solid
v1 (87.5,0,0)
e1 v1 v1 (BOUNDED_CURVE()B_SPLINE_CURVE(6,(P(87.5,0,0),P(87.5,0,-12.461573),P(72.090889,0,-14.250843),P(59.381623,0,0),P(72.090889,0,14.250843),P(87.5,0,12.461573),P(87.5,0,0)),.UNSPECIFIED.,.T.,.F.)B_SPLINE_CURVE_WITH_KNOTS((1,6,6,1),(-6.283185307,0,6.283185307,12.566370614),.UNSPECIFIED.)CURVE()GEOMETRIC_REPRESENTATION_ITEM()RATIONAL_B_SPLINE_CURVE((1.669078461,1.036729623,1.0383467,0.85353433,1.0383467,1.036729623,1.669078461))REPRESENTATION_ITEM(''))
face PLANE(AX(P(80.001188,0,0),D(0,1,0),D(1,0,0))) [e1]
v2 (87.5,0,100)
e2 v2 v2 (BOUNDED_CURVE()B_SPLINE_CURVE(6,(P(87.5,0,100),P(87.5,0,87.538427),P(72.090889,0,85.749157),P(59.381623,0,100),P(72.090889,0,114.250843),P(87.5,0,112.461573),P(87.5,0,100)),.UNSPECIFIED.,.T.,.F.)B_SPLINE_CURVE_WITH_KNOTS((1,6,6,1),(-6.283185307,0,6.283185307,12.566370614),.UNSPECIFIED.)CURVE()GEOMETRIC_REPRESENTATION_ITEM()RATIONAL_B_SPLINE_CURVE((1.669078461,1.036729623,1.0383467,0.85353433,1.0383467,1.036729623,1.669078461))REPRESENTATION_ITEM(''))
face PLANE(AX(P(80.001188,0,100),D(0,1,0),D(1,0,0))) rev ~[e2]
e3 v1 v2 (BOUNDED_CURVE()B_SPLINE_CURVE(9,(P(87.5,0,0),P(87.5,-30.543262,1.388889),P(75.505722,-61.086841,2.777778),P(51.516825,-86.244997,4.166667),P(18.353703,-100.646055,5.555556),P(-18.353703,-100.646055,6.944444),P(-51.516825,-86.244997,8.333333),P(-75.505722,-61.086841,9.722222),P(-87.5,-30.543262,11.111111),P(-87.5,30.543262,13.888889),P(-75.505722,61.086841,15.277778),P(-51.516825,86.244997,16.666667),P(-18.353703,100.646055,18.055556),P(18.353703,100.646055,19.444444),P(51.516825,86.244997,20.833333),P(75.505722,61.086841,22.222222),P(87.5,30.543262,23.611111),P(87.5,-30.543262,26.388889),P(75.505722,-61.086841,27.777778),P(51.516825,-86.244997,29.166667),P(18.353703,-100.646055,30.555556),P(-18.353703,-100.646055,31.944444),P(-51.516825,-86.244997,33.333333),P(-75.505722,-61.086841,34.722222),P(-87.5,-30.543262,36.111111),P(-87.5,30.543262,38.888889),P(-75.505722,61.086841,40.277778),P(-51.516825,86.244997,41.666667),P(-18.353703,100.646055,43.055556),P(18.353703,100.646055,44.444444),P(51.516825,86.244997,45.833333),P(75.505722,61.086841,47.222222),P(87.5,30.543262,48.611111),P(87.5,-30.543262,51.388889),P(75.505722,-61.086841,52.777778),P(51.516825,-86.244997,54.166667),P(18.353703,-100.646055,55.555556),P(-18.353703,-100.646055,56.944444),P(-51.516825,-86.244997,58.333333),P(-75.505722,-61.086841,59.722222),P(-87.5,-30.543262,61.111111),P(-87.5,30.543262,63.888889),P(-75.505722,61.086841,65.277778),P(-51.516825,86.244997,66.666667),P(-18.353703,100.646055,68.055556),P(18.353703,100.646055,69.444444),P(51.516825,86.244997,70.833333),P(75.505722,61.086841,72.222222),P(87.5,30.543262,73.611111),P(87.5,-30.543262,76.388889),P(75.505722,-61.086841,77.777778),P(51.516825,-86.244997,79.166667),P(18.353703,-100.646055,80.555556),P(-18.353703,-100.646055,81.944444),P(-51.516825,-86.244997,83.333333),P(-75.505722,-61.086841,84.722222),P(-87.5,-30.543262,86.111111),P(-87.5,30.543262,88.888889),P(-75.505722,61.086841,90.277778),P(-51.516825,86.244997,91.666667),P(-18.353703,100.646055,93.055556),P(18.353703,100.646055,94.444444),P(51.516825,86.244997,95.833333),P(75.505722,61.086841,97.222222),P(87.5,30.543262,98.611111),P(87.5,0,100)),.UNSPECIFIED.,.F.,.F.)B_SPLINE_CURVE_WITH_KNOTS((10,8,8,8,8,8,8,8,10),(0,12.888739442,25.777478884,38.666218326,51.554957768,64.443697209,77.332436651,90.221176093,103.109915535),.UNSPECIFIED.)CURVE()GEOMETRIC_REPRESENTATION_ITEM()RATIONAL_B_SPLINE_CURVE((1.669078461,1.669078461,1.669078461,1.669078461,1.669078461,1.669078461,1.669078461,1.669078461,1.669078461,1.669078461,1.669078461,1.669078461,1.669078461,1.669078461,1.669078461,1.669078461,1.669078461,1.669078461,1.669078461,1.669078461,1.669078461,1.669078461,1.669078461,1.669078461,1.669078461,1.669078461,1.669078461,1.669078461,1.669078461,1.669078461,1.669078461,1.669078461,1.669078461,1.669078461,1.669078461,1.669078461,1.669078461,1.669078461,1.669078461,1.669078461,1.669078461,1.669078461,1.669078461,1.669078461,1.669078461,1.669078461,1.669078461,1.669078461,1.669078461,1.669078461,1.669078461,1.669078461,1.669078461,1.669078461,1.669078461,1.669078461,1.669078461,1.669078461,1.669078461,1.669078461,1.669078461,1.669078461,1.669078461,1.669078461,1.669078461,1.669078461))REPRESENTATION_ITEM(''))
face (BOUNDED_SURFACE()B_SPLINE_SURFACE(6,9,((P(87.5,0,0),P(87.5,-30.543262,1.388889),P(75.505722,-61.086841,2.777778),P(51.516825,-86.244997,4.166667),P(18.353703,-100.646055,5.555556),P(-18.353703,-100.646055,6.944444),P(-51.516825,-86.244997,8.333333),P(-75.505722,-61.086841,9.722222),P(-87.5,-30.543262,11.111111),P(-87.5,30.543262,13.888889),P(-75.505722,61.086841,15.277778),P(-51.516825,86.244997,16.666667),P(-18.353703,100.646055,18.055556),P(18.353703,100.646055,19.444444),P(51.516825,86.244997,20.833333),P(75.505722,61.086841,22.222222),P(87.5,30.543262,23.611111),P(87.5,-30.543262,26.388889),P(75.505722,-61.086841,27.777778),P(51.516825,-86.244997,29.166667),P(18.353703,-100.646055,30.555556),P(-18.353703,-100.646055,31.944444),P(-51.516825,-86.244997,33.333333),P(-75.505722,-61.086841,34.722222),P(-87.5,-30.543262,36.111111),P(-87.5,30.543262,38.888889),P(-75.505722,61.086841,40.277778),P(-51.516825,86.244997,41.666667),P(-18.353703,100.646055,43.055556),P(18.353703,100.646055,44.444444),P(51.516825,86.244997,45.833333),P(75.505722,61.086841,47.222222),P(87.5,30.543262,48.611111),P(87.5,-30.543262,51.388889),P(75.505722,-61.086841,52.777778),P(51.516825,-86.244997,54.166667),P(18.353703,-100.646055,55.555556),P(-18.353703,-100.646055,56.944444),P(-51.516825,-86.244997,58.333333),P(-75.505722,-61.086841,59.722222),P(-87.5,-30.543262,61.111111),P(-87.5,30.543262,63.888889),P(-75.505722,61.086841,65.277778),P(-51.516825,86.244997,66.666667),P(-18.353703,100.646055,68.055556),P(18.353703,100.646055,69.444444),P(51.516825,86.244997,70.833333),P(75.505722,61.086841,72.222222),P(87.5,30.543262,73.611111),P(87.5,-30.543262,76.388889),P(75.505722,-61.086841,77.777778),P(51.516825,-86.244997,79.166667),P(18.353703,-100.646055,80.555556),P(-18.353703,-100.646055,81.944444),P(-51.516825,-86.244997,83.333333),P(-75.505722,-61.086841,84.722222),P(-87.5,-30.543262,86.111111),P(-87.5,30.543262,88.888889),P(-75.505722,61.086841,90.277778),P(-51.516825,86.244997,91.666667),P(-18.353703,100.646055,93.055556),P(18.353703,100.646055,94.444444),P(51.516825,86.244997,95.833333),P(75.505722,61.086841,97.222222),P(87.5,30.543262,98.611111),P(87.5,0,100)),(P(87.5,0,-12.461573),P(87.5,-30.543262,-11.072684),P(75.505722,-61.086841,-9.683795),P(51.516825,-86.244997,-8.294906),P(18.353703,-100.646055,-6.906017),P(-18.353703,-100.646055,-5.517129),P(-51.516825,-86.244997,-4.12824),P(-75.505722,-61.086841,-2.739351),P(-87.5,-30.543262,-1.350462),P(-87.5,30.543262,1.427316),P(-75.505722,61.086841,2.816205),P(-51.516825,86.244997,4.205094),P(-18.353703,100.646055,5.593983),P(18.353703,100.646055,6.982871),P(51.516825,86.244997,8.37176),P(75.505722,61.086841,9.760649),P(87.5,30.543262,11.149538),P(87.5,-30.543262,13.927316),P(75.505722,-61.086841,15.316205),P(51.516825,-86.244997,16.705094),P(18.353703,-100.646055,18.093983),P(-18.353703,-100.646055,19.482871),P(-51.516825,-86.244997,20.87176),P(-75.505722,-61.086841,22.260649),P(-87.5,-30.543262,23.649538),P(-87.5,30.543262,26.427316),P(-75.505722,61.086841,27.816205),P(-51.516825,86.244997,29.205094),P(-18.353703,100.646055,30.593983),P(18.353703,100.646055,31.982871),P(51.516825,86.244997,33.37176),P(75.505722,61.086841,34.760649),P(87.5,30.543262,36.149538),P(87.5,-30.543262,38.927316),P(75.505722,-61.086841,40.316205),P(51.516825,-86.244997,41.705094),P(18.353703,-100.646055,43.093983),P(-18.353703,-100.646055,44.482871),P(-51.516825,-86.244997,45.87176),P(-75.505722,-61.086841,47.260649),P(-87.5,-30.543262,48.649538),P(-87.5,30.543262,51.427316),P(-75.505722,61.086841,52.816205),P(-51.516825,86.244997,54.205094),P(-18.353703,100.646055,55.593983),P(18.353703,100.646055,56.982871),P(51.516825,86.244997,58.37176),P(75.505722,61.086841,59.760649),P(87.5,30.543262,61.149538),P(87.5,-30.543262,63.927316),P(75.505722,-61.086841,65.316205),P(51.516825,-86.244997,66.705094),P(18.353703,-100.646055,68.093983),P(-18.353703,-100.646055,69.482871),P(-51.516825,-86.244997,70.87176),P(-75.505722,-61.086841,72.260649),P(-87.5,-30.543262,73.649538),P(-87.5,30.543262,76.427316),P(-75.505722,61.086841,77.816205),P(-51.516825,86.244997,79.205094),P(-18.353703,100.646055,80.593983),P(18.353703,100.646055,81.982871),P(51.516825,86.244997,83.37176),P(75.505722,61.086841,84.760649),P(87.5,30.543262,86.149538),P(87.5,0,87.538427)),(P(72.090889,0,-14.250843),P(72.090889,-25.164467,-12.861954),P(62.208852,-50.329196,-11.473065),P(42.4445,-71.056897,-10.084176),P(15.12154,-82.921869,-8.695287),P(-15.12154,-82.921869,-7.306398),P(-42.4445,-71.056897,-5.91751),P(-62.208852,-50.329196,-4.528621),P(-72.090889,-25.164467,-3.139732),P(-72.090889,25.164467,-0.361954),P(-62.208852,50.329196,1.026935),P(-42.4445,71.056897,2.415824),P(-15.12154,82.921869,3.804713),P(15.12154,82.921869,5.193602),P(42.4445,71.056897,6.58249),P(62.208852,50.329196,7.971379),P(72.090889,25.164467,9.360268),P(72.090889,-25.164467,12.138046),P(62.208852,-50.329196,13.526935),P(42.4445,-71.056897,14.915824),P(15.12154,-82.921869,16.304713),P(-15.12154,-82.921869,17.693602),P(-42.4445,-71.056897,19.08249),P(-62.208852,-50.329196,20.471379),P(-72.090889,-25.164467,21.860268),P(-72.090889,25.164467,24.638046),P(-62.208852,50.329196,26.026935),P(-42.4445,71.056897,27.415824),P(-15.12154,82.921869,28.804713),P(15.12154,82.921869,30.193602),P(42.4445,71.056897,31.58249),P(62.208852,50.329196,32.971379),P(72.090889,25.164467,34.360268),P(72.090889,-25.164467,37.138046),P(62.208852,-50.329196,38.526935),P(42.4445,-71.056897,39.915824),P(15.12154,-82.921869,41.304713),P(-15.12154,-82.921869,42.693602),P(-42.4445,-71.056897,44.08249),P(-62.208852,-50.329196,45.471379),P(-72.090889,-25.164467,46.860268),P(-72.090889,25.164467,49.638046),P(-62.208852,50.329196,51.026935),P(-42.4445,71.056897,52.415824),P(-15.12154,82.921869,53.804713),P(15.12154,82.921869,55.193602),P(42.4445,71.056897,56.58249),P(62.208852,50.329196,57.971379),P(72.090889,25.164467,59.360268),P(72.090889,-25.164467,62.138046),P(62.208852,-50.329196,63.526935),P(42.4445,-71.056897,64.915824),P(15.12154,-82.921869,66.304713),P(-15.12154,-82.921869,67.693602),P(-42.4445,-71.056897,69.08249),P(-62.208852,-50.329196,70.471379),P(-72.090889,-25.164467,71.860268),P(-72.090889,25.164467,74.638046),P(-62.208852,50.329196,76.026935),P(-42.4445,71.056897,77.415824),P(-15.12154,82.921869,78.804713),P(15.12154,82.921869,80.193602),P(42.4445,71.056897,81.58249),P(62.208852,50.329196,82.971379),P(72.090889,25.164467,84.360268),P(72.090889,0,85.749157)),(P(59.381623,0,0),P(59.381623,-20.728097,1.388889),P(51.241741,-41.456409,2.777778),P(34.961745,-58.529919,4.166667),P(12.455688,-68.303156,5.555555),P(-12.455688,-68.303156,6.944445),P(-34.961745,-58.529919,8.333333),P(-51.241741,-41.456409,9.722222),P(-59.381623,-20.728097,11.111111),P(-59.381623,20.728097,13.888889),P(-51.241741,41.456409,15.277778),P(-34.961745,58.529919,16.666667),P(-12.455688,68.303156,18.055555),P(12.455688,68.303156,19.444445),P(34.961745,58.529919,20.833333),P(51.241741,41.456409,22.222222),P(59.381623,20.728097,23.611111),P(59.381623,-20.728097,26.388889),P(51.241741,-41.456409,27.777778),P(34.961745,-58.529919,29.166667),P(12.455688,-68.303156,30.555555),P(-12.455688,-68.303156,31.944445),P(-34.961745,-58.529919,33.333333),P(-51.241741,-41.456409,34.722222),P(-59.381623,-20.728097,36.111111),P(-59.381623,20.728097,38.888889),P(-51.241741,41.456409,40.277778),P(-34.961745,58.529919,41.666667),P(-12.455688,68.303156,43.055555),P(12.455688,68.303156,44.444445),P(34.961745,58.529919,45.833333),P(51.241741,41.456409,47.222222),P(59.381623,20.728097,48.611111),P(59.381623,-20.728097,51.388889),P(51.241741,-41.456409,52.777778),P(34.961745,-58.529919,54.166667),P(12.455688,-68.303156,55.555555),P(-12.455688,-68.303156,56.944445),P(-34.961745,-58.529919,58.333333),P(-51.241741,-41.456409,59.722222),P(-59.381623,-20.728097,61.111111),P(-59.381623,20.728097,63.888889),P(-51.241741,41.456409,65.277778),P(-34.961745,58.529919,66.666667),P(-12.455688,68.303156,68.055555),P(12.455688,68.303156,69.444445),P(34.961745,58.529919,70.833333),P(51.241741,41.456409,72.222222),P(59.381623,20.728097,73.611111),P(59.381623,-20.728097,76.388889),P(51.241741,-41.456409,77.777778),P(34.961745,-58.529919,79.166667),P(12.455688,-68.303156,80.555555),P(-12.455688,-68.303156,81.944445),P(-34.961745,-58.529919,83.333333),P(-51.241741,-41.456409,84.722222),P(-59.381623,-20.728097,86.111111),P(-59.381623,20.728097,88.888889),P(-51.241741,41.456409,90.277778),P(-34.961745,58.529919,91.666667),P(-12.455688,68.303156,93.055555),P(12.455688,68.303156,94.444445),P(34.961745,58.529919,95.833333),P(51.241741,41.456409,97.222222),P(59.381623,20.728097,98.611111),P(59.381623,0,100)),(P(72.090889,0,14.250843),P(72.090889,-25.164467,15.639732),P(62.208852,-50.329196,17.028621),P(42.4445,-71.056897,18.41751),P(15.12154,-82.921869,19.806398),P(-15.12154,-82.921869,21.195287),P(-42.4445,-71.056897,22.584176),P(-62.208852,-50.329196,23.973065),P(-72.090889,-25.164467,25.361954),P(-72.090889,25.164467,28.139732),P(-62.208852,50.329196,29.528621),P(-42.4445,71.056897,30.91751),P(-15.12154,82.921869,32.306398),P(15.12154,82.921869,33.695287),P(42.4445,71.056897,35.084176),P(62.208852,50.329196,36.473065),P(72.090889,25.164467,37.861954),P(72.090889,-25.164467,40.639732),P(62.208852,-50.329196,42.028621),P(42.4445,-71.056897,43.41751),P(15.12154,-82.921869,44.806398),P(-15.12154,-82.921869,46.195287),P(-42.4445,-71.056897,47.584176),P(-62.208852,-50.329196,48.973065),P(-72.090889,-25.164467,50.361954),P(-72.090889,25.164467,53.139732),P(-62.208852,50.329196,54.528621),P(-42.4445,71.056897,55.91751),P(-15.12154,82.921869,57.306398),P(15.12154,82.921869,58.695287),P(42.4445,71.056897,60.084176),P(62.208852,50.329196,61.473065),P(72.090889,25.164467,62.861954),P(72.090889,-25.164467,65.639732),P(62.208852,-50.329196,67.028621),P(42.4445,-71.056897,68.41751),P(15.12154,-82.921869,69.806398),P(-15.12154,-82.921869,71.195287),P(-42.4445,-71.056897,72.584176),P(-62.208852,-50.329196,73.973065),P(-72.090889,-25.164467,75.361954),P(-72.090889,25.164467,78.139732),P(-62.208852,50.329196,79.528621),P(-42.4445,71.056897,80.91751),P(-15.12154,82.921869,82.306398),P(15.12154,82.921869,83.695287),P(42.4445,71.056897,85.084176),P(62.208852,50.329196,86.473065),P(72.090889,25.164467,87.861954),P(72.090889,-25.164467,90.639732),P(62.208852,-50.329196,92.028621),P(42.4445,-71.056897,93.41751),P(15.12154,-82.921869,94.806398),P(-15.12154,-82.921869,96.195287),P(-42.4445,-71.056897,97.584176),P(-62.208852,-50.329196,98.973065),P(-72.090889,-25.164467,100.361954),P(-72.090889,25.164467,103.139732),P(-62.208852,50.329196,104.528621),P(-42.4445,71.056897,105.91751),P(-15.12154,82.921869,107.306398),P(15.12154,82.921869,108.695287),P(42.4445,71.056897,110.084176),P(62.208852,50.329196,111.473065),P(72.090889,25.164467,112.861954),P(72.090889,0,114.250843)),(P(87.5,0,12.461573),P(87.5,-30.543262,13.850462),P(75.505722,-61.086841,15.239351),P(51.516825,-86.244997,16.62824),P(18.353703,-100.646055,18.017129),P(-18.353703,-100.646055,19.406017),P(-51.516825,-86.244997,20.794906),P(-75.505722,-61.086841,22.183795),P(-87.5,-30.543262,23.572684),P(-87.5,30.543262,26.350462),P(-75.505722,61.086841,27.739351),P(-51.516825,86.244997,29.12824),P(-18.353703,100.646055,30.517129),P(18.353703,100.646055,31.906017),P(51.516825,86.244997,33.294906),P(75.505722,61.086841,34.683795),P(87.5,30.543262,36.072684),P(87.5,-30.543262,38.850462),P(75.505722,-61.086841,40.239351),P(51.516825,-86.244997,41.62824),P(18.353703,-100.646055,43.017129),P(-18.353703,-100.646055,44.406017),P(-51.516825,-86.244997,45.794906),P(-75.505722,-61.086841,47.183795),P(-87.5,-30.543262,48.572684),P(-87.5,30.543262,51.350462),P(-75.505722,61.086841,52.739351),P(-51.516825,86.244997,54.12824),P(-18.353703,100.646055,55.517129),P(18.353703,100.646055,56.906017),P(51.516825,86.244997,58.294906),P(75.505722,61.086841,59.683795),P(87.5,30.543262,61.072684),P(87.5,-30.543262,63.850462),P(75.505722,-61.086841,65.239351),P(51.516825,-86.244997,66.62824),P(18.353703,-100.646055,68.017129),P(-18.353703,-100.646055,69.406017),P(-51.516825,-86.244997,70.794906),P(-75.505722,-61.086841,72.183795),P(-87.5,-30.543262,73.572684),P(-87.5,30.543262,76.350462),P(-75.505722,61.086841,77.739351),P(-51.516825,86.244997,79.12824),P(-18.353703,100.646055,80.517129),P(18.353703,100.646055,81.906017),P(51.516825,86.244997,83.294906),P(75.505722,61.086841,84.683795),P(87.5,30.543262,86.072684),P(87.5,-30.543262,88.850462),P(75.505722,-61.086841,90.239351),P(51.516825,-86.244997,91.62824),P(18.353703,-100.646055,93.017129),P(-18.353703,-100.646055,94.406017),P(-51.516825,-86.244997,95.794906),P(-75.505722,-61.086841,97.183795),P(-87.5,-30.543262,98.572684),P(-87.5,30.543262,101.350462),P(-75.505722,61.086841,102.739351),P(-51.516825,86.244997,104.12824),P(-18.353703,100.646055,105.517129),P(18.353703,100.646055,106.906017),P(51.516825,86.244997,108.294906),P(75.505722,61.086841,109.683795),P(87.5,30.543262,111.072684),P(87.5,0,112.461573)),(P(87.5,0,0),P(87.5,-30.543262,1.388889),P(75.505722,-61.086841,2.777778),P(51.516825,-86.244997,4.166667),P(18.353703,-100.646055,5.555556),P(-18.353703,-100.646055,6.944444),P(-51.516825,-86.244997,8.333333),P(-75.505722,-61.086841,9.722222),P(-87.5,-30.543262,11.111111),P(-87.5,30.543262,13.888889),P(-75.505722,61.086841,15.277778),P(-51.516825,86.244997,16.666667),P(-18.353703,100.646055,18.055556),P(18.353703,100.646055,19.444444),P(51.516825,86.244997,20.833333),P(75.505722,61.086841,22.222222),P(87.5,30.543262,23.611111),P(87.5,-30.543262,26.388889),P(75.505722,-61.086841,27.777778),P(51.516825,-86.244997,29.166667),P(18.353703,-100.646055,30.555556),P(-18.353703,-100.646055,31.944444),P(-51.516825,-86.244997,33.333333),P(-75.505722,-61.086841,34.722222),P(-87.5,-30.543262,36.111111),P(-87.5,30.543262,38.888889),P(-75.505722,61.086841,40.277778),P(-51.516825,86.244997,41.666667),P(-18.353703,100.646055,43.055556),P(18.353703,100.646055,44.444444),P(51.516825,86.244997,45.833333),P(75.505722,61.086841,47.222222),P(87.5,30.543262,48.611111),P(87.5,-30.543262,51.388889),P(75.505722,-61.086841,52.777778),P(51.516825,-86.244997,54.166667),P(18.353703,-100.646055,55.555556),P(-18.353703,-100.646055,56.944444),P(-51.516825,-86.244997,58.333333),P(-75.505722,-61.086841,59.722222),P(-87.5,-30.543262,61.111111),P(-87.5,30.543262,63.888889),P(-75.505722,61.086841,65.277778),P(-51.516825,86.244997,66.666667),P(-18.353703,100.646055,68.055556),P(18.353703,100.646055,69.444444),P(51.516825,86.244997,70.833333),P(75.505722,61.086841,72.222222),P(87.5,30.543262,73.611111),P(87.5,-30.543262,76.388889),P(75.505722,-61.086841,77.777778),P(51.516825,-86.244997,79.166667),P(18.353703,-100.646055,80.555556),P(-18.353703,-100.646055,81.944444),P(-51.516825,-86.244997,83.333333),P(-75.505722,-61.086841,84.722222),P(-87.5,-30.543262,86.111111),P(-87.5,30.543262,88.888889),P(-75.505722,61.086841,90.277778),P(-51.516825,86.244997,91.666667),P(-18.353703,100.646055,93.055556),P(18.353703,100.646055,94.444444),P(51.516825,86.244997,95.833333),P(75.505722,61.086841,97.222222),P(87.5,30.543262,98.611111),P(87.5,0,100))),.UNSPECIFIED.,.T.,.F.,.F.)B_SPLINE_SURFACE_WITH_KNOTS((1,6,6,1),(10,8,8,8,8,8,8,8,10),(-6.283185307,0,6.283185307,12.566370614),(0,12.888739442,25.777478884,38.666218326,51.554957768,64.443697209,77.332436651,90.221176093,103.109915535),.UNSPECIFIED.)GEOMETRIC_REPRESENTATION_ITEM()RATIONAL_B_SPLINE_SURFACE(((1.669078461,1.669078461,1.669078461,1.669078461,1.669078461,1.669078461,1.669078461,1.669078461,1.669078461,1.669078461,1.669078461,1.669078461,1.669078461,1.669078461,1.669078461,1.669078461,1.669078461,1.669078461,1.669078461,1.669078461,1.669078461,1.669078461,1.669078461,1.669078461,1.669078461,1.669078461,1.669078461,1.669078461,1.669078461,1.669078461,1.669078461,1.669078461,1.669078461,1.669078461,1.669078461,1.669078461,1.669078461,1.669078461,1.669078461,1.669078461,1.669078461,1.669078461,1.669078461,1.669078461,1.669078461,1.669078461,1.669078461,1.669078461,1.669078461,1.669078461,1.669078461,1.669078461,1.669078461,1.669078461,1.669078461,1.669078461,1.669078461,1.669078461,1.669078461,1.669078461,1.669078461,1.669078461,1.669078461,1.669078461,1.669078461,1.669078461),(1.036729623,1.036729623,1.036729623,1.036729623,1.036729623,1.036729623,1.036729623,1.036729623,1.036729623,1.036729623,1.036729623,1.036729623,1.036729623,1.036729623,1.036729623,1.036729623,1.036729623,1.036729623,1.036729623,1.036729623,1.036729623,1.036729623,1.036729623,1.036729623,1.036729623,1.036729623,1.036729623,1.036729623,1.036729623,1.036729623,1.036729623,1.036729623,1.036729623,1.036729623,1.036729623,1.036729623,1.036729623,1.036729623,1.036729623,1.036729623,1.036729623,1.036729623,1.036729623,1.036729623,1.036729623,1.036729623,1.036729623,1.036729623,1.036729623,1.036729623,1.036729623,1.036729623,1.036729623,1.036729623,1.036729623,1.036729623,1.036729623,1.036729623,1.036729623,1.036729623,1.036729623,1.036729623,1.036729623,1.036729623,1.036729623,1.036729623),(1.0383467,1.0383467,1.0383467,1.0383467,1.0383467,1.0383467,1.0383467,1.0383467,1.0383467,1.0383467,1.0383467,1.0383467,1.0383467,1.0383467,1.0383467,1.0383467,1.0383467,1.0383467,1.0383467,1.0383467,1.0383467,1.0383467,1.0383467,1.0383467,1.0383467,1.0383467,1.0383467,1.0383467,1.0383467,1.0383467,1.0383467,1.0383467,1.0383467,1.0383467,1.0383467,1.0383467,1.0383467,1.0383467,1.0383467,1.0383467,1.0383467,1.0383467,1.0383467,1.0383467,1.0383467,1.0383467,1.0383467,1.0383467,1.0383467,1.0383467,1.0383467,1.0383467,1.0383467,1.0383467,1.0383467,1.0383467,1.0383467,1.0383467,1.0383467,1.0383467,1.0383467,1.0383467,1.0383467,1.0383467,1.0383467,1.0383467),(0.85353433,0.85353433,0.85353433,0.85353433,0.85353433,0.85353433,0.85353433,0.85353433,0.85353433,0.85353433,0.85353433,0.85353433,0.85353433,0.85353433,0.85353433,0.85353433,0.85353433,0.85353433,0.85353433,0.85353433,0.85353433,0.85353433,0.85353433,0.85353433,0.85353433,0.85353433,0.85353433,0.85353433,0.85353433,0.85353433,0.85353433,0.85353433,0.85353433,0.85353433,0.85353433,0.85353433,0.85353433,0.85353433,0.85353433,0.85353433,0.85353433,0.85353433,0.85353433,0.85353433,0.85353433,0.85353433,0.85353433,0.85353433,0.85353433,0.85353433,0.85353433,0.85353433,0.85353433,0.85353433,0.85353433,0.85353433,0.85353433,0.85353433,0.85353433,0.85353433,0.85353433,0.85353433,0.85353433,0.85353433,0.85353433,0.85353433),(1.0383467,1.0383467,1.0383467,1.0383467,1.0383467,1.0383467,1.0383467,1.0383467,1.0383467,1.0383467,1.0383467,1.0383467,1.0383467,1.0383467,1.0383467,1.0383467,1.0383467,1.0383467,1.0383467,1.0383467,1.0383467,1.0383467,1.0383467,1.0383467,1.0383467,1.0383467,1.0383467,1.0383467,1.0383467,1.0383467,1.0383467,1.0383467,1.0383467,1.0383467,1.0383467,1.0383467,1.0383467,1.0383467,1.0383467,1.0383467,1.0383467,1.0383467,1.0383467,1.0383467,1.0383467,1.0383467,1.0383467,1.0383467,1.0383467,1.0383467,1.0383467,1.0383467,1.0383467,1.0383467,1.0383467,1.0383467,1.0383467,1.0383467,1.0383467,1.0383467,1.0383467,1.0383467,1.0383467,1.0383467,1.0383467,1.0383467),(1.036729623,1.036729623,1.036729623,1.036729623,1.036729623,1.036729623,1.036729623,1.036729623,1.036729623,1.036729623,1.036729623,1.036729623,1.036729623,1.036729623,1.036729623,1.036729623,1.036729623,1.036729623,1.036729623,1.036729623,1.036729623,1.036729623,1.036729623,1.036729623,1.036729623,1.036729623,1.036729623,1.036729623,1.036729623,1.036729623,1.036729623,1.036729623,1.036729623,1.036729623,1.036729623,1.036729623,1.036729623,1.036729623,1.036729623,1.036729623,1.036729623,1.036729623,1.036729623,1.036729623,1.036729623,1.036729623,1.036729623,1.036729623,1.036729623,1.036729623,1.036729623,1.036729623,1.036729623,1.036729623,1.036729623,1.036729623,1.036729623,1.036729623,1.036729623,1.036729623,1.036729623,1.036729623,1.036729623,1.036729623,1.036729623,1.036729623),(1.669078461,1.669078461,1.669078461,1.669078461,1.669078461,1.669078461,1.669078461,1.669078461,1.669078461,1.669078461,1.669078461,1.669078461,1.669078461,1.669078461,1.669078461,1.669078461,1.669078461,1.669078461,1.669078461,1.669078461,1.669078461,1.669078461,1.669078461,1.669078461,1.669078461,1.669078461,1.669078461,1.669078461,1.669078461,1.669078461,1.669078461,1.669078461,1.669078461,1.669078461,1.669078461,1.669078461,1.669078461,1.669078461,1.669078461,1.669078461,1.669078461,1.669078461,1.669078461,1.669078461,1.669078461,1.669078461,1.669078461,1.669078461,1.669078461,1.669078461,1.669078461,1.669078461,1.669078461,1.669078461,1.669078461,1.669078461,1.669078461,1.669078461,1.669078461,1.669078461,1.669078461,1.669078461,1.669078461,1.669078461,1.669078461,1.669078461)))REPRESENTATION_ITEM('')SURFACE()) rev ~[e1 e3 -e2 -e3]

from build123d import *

# Parameters (mm, degrees)
BARRER7_PITCH  = 25
BARRER7_HEIGHT = 100
BARRER7_RADIUS = 80
CROQUIS3_R     = 7.5


with BuildPart() as part:
    # Barrer7: sweep along a helix
    with BuildLine() as barrer7_path:
        Helix(BARRER7_PITCH, BARRER7_HEIGHT, BARRER7_RADIUS, center=(0, 0, 0), direction=(0, 0, 1), lefthand=True)
    # Croquis3 → Barrer7 (sweep)
    with BuildSketch(Plane(origin=(0, 0, 0), x_dir=(1, 0, 0), z_dir=(0, 1, 0))):
        with Locations((80, 0)):
            Circle(CROQUIS3_R)
    sweep(path=barrer7_path.line, is_frenet=True)


solid = part.part
